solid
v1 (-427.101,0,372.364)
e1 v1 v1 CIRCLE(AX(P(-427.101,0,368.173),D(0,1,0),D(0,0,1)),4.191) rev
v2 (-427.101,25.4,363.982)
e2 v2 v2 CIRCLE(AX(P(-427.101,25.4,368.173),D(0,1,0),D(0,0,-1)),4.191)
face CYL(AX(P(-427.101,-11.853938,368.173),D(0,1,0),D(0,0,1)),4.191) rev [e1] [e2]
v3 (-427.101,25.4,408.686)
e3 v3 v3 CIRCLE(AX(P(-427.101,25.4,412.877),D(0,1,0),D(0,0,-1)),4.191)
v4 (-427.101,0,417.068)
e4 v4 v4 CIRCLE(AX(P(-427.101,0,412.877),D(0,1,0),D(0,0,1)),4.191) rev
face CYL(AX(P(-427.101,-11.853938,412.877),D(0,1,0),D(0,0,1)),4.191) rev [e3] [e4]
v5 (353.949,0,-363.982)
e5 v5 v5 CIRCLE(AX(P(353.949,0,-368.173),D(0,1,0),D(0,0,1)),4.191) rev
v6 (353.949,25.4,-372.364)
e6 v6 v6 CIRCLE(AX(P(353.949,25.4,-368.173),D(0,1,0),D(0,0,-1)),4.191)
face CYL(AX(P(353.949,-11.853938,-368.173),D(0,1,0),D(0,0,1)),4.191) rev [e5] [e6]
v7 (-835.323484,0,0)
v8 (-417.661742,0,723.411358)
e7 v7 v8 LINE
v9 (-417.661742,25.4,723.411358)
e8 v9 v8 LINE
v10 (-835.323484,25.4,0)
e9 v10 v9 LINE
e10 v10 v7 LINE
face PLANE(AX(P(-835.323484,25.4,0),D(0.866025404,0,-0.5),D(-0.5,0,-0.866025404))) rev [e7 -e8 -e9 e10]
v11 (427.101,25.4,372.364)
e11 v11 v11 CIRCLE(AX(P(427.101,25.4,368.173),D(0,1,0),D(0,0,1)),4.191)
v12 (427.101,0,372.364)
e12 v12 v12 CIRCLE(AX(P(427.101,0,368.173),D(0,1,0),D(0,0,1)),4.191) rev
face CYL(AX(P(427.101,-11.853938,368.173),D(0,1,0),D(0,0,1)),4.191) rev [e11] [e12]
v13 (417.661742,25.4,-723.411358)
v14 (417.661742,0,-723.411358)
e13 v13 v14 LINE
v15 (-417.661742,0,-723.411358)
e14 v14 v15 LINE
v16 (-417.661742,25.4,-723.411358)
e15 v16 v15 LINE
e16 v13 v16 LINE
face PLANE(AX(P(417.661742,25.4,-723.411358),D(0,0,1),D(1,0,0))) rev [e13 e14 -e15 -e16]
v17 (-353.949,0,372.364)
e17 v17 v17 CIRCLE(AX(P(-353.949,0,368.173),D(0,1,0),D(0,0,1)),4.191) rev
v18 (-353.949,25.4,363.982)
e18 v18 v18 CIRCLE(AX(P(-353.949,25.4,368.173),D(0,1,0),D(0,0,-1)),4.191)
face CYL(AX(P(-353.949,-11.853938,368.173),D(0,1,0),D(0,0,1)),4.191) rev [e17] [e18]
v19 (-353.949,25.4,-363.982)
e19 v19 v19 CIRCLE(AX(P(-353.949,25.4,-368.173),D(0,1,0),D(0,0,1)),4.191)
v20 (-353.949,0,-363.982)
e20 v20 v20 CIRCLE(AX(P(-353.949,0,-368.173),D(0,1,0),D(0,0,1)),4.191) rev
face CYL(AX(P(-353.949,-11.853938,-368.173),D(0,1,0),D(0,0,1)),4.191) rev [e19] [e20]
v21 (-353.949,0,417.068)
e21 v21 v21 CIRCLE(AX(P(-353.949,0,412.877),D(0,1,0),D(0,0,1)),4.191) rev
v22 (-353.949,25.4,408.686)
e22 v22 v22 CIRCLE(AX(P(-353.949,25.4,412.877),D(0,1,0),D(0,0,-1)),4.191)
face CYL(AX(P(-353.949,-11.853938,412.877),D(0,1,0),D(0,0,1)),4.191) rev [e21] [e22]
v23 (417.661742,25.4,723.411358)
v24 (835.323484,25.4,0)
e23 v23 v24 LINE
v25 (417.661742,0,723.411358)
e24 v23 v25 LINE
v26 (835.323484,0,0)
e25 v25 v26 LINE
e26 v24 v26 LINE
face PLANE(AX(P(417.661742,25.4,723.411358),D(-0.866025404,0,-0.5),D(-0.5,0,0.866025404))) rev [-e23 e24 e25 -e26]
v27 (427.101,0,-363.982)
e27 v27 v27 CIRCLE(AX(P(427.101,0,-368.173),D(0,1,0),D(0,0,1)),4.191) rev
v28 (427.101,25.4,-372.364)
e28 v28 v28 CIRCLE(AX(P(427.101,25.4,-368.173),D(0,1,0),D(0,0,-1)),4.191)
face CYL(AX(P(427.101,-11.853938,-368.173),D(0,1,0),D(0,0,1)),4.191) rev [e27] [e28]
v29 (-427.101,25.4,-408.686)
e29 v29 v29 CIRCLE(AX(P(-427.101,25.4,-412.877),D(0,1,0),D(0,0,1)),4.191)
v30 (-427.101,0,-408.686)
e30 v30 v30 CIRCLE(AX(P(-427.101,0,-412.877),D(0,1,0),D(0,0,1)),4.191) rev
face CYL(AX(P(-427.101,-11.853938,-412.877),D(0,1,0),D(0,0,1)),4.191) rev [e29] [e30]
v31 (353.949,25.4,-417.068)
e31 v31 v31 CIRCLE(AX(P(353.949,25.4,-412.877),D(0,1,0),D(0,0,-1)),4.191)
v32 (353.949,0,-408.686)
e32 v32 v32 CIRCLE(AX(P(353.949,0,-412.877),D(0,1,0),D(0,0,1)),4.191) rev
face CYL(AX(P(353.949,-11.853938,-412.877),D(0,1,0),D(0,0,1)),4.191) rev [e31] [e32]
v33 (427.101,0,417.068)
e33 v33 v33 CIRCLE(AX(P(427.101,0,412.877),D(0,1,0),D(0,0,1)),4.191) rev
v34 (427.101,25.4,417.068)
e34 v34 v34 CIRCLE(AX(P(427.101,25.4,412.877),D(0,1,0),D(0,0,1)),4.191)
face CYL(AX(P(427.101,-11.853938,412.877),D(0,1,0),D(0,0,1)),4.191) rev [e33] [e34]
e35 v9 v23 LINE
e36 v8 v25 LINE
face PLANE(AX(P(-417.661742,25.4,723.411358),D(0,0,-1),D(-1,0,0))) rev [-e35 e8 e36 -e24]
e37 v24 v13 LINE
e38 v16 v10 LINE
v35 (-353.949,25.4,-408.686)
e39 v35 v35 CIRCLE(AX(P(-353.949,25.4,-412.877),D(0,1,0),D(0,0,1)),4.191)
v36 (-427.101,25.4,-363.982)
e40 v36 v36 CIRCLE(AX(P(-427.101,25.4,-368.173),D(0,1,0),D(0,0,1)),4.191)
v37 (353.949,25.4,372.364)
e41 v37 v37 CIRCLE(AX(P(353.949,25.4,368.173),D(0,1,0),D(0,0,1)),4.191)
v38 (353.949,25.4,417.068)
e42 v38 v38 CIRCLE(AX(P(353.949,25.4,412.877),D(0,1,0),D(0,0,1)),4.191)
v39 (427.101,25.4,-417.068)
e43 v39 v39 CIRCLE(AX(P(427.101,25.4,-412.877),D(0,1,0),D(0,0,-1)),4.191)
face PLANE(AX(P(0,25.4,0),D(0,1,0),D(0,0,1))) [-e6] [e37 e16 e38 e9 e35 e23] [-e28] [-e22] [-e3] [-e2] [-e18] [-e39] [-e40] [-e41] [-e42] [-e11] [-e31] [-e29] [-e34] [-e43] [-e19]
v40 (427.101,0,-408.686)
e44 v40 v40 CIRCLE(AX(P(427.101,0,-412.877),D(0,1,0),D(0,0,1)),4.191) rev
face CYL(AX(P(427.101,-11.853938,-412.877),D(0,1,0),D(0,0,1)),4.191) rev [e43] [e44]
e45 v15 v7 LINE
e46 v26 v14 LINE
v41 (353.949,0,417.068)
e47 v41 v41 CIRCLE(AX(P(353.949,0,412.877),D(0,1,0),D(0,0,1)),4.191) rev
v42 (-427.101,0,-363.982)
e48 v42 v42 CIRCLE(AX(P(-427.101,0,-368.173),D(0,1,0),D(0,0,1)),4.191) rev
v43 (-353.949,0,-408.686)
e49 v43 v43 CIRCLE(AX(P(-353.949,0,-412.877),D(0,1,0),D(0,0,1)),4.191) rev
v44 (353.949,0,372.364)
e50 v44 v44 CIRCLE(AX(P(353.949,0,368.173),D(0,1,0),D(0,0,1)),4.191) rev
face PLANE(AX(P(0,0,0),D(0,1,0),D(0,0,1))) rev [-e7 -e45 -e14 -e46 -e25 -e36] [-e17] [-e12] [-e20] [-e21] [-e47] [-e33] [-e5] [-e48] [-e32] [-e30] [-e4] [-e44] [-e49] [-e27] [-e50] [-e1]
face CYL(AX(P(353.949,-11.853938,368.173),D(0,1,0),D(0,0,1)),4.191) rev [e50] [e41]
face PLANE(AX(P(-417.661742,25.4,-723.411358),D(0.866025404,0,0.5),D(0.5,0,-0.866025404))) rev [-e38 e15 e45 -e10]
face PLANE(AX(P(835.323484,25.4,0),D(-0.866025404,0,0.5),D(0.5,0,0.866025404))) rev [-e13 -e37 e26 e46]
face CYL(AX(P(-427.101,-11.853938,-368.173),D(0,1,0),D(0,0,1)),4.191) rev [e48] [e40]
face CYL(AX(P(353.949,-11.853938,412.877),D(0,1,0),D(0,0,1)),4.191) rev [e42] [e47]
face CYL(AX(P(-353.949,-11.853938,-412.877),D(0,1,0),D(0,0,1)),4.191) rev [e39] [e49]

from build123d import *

# Parameters (mm, degrees)
BOSS_EXTRUDE1_DEPTH = 25.4
SKETCH5_R           = 4.191
CUT_EXTRUDE1_DEPTH  = 25.4


with BuildPart() as part:
    # Sketch1 → Boss-Extrude1 (new body)
    with BuildSketch(Plane(origin=(0, 0, 0), x_dir=(1, 0, 0), z_dir=(0, 1, 0))):
        Polygon((835.323484187, 0), (417.661742094, 723.411357684), (-417.661742094, 723.411357684), (-835.323484187, 0), (-417.661742094, -723.411357684), (417.661742094, -723.411357684), align=None)
    extrude(amount=BOSS_EXTRUDE1_DEPTH)

    # Sketch5 → Cut-Extrude1 (cut)
    with BuildSketch(Plane(origin=(0, 25.4, 0), x_dir=(1, 0, 0), z_dir=(0, 1, 0))):
        with Locations(Location((-353.949, 412.877, 0), (0, 0, 270))):
            Circle(SKETCH5_R)
        with Locations(Location((-427.101, 412.877, 0), (0, 0, 270))):
            Circle(SKETCH5_R)
        with Locations(Location((-427.101, 368.173, 0), (0, 0, 270))):
            Circle(SKETCH5_R)
        with Locations(Location((-353.949, 368.173, 0), (0, 0, 270))):
            Circle(SKETCH5_R)
        with Locations(Location((353.949, 368.173, 0), (0, 0, 270))):
            Circle(SKETCH5_R)
        with Locations(Location((427.101, 368.173, 0), (0, 0, 270))):
            Circle(SKETCH5_R)
        with Locations(Location((427.101, 412.877, 0), (0, 0, 270))):
            Circle(SKETCH5_R)
        with Locations(Location((353.949, 412.877, 0), (0, 0, 270))):
            Circle(SKETCH5_R)
        with Locations(Location((353.949, -412.877, 0), (0, 0, 270))):
            Circle(SKETCH5_R)
        with Locations(Location((427.101, -412.877, 0), (0, 0, 270))):
            Circle(SKETCH5_R)
        with Locations(Location((427.101, -368.173, 0), (0, 0, 270))):
            Circle(SKETCH5_R)
        with Locations(Location((353.949, -368.173, 0), (0, 0, 270))):
            Circle(SKETCH5_R)
        with Locations(Location((-353.949, -368.173, 0), (0, 0, 270))):
            Circle(SKETCH5_R)
        with Locations(Location((-427.101, -368.173, 0), (0, 0, 270))):
            Circle(SKETCH5_R)
        with Locations(Location((-427.101, -412.877, 0), (0, 0, 270))):
            Circle(SKETCH5_R)
        with Locations(Location((-353.949, -412.877, 0), (0, 0, 270))):
            Circle(SKETCH5_R)
    extrude(amount=-CUT_EXTRUDE1_DEPTH, mode=Mode.SUBTRACT)


solid = part.part
